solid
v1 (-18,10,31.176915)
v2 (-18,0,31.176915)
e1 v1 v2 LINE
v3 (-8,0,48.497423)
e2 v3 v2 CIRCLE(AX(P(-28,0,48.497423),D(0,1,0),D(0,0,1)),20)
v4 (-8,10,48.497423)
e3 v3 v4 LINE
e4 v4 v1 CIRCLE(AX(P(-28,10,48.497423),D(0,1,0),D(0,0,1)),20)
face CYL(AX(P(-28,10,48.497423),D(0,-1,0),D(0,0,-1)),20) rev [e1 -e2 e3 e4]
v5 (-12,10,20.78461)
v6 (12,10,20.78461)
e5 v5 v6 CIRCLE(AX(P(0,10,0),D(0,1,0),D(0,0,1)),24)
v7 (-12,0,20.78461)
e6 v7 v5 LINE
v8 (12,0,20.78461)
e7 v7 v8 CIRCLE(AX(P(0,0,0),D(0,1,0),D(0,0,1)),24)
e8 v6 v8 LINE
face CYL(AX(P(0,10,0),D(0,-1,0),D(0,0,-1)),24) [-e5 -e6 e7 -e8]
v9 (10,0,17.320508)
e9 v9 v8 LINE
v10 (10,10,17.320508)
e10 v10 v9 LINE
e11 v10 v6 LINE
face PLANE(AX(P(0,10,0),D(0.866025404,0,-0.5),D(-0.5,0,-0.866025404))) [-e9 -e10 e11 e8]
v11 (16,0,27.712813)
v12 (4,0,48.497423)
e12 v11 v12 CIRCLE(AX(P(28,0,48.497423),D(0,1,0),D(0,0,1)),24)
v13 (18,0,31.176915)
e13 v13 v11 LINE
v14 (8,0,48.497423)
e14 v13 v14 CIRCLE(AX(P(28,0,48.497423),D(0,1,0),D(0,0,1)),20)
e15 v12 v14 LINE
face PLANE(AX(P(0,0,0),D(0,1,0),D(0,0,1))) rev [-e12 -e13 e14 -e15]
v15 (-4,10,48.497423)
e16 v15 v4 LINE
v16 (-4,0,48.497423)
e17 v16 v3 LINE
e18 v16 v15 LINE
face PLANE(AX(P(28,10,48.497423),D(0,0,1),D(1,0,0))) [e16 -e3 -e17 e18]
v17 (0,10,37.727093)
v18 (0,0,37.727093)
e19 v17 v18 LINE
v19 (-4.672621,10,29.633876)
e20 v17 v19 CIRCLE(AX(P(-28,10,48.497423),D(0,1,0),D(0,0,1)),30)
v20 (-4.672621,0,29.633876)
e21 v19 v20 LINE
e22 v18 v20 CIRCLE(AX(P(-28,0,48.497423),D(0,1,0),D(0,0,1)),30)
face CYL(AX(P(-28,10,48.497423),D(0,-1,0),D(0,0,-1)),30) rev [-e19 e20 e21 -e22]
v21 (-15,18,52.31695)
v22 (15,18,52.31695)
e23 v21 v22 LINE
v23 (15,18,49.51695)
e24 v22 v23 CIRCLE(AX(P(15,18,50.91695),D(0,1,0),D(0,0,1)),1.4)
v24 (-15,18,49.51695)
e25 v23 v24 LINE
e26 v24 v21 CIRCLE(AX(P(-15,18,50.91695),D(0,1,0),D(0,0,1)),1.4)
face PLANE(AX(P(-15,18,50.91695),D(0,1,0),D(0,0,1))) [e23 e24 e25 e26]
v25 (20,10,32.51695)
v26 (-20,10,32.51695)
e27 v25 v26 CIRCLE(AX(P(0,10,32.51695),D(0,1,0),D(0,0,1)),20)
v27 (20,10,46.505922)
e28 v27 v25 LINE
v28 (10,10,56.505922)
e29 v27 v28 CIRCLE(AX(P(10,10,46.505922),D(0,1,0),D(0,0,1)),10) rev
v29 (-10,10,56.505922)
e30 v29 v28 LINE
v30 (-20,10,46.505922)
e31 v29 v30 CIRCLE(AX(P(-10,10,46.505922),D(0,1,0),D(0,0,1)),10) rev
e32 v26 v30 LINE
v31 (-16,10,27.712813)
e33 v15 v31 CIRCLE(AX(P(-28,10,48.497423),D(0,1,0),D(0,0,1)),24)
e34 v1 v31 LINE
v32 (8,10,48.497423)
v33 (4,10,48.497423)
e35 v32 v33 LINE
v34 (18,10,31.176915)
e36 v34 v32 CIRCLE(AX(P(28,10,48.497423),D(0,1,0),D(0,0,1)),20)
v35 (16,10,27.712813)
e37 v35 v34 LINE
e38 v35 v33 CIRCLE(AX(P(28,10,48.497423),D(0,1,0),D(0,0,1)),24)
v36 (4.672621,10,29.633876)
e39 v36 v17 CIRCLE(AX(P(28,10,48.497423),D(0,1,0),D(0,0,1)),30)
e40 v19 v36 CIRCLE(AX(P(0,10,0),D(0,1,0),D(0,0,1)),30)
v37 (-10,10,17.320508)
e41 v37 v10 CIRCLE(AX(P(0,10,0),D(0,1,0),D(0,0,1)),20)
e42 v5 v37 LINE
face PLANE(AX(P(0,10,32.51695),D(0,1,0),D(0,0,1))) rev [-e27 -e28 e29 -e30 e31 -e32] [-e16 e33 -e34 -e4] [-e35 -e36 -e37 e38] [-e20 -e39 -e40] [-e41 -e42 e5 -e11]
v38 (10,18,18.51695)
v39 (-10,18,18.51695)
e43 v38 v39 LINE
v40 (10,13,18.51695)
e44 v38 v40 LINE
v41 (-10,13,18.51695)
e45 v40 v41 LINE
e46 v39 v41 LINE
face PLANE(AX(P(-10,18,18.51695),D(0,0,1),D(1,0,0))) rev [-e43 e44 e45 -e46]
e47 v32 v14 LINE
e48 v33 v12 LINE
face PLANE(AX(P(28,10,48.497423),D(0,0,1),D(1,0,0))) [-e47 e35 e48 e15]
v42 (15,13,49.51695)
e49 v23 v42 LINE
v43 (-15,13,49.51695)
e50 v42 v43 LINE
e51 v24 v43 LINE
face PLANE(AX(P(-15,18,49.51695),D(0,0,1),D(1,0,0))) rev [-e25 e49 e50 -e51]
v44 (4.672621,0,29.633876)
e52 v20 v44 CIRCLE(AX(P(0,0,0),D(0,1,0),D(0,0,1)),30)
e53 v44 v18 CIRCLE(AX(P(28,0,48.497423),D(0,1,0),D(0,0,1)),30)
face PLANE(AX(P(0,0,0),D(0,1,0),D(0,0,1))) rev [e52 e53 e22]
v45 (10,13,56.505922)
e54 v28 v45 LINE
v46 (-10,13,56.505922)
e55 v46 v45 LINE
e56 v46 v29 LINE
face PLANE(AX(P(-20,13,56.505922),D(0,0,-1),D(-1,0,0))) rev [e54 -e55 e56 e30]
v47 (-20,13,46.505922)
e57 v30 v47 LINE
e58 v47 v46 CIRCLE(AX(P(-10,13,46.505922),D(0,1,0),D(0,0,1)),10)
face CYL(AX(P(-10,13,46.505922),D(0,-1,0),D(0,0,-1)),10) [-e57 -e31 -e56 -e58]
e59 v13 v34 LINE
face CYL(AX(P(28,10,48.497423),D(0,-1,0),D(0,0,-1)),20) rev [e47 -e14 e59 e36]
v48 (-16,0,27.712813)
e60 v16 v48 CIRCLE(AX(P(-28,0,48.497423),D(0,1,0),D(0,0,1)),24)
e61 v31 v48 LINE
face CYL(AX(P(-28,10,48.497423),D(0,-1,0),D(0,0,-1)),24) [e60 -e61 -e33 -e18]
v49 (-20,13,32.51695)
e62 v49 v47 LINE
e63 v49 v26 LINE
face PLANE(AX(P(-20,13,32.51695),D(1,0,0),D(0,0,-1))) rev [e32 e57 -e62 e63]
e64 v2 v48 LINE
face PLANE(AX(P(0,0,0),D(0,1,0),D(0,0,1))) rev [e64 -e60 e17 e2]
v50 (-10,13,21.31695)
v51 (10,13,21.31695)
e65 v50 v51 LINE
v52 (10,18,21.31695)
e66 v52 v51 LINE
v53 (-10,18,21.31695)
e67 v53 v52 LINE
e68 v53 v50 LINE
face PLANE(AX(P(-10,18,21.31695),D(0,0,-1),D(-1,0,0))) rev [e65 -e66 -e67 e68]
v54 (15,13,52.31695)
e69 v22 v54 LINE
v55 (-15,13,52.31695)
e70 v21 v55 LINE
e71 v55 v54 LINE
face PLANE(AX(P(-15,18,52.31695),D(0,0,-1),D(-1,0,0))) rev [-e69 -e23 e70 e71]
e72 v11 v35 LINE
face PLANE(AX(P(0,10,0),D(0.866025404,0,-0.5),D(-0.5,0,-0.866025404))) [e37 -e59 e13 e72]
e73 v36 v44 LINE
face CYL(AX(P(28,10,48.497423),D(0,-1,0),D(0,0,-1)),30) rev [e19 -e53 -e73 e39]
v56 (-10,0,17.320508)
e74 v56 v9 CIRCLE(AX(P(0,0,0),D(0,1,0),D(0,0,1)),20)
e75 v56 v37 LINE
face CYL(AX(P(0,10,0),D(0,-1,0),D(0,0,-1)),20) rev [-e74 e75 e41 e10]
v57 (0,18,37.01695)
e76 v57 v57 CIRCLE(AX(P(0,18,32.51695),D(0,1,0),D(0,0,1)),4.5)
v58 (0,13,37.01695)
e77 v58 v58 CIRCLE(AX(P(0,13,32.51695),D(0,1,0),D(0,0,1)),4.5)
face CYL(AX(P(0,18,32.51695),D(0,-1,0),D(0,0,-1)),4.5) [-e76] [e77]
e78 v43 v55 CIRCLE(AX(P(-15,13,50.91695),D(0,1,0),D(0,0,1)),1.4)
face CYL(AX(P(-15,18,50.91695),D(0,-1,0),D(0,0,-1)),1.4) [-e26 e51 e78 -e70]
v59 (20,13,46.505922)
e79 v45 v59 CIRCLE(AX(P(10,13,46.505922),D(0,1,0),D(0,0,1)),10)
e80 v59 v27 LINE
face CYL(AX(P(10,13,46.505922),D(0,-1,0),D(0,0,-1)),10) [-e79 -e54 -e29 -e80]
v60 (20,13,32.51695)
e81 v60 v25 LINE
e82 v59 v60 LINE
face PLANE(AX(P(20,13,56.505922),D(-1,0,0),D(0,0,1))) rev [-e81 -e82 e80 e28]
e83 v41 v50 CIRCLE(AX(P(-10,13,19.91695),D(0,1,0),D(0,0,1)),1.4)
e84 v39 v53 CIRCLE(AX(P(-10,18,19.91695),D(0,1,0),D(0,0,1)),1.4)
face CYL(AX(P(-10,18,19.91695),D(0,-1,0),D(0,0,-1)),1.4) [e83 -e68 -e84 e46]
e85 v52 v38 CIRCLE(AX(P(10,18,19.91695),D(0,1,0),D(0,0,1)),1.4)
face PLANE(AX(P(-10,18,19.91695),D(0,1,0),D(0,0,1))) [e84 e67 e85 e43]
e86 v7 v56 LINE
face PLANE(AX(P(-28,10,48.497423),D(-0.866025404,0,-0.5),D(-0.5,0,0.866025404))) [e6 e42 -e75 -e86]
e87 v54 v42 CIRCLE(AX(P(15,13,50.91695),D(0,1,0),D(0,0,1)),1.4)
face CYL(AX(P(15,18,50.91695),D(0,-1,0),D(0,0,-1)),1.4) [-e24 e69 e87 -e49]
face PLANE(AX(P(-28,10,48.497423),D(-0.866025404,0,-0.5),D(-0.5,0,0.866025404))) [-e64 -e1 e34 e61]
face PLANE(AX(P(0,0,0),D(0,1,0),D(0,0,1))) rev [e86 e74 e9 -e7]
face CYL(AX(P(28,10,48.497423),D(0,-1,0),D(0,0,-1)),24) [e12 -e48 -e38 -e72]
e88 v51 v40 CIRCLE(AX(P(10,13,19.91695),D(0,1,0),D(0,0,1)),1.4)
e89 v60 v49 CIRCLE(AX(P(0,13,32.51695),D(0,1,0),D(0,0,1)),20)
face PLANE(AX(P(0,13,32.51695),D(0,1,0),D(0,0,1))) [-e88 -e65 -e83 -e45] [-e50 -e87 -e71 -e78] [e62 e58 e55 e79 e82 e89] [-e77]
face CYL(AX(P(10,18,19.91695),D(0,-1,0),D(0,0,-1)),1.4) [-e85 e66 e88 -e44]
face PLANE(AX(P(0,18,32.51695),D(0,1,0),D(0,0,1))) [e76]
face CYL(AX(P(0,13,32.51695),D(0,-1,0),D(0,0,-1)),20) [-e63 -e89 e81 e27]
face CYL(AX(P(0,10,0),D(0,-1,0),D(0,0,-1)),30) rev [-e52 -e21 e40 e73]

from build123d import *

# Parameters (mm, degrees)
SKETCH1_R             = 24
SKETCH1_R_2           = 20
BOSS_EXTRUDE1_DEPTH   = 10
BOSS_EXTRUDE1_2_DEPTH = 10
BOSS_EXTRUDE1_3_DEPTH = 10
BOSS_EXTRUDE1_4_DEPTH = 10
BOSS_EXTRUDE2_DEPTH   = 3
SKETCH3_W             = 121.220550743
SKETCH3_H             = 101.763820318
CUT_EXTRUDE1_DEPTH    = 10
SKETCH4_R             = 4.5
BOSS_EXTRUDE4_DEPTH   = 5
FILLET1_R             = 10


with BuildPart() as part:
    # Sketch1 → Boss-Extrude1 (new body)
    with BuildSketch(Plane(origin=(0, 0, 0), x_dir=(1, 0, 0), z_dir=(0, 1, 0))):
        with Locations(Location((-28, -48.497422612, 0), (0, 0, 270))):
            Circle(SKETCH1_R)
        with Locations(Location((-28, -48.497422612, 0), (0, 0, 270))):
            Circle(SKETCH1_R_2, mode=Mode.SUBTRACT)
    extrude(amount=BOSS_EXTRUDE1_DEPTH)



with BuildPart() as body_2:
    # Sketch1 → Boss-Extrude1 2 (new body)
    with BuildSketch(Plane(origin=(0, 0, 0), x_dir=(1, 0, 0), z_dir=(0, 1, 0))):
        with Locations(Location((0, 0, 0), (0, 0, 270))):
            Circle(SKETCH1_R)
        with Locations(Location((0, 0, 0), (0, 0, 270))):
            Circle(SKETCH1_R_2, mode=Mode.SUBTRACT)
    extrude(amount=BOSS_EXTRUDE1_2_DEPTH)


with BuildPart() as body_3:
    # Sketch1 → Boss-Extrude1 3 (new body)
    with BuildSketch(Plane(origin=(0, 0, 0), x_dir=(1, 0, 0), z_dir=(0, 1, 0))):
        with Locations(Location((28, -48.497422612, 0), (0, 0, 270))):
            Circle(SKETCH1_R)
        with Locations(Location((28, -48.497422612, 0), (0, 0, 270))):
            Circle(SKETCH1_R_2, mode=Mode.SUBTRACT)
    extrude(amount=BOSS_EXTRUDE1_3_DEPTH)


with BuildPart() as body_4:
    # Sketch1 → Boss-Extrude1 4 (new body)
    with BuildSketch(Plane(origin=(0, 0, 0), x_dir=(1, 0, 0), z_dir=(0, 1, 0))):
        with BuildLine():
            ThreePointArc((4.672620947, -29.633876113), (2.019237886, -33.497422612), (0, -37.727092998))
            ThreePointArc((0, -37.727092998), (-2.019237886, -33.497422612), (-4.672620947, -29.633876113))
            ThreePointArc((-4.672620947, -29.633876113), (0, -30), (4.672620947, -29.633876113))
        make_face()
    extrude(amount=BOSS_EXTRUDE1_4_DEPTH)


with BuildPart() as part_1:
    add(part.part)

    add(body_2.part)  # Boss-Extrude2 merges body 2

    add(body_3.part)  # Boss-Extrude2 merges body 3

    add(body_4.part)  # Boss-Extrude2 merges body 4
    # Sketch2 → Boss-Extrude2 (add)
    with BuildSketch(Plane(origin=(0, 10, 0), x_dir=(1, 0, 0), z_dir=(0, 1, 0))):
        with BuildLine():
            Line((-20, -32.516950024), (-20, -56.505922275))
            Line((-20, -56.505922275), (20, -56.505922275))
            Line((20, -56.505922275), (20, -32.516950024))
            ThreePointArc((20, -32.516950024), (0, -12.516950024), (-20, -32.516950024))
        make_face()
    extrude(amount=BOSS_EXTRUDE2_DEPTH)

    # Sketch3 → Cut-Extrude1 (cut)
    with BuildSketch(Plane.XZ):
        with Locations((1.216045651, 23.416680071)):
            Rectangle(SKETCH3_W, SKETCH3_H)
        Polygon((0, 0), (28, 48.497422612), (-28, 48.497422612), align=None, mode=Mode.SUBTRACT)
    extrude(amount=-CUT_EXTRUDE1_DEPTH, mode=Mode.SUBTRACT)

    # Sketch4 → Boss-Extrude4 (add)
    with BuildSketch(Plane(origin=(0, 13, 0), x_dir=(1, 0, 0), z_dir=(0, 1, 0))):
        with Locations(Location((0, -32.516950024, 0), (0, 0, 270))):
            Circle(SKETCH4_R)
        with BuildLine():
            Line((-10, -18.516950024), (10, -18.516950024))
            ThreePointArc((10, -18.516950024), (11.4, -19.916950024), (10, -21.316950024))
            Line((10, -21.316950024), (-10, -21.316950024))
            ThreePointArc((-10, -21.316950024), (-11.4, -19.916950024), (-10, -18.516950024))
        make_face()
        with BuildLine():
            Line((-15, -49.516950024), (15, -49.516950024))
            ThreePointArc((15, -49.516950024), (16.4, -50.916950024), (15, -52.316950024))
            Line((15, -52.316950024), (-15, -52.316950024))
            ThreePointArc((-15, -52.316950024), (-16.4, -50.916950024), (-15, -49.516950024))
        make_face()
    extrude(amount=BOSS_EXTRUDE4_DEPTH)

    # Fillet1
    fillet1_edges = [part_1.edges().sort_by_distance(p)[0] for p in [
        (-20, 11.5, 56.505922275),
        (20, 11.5, 56.505922275),
    ]]
    fillet(fillet1_edges, radius=FILLET1_R)


solid = part_1.part
